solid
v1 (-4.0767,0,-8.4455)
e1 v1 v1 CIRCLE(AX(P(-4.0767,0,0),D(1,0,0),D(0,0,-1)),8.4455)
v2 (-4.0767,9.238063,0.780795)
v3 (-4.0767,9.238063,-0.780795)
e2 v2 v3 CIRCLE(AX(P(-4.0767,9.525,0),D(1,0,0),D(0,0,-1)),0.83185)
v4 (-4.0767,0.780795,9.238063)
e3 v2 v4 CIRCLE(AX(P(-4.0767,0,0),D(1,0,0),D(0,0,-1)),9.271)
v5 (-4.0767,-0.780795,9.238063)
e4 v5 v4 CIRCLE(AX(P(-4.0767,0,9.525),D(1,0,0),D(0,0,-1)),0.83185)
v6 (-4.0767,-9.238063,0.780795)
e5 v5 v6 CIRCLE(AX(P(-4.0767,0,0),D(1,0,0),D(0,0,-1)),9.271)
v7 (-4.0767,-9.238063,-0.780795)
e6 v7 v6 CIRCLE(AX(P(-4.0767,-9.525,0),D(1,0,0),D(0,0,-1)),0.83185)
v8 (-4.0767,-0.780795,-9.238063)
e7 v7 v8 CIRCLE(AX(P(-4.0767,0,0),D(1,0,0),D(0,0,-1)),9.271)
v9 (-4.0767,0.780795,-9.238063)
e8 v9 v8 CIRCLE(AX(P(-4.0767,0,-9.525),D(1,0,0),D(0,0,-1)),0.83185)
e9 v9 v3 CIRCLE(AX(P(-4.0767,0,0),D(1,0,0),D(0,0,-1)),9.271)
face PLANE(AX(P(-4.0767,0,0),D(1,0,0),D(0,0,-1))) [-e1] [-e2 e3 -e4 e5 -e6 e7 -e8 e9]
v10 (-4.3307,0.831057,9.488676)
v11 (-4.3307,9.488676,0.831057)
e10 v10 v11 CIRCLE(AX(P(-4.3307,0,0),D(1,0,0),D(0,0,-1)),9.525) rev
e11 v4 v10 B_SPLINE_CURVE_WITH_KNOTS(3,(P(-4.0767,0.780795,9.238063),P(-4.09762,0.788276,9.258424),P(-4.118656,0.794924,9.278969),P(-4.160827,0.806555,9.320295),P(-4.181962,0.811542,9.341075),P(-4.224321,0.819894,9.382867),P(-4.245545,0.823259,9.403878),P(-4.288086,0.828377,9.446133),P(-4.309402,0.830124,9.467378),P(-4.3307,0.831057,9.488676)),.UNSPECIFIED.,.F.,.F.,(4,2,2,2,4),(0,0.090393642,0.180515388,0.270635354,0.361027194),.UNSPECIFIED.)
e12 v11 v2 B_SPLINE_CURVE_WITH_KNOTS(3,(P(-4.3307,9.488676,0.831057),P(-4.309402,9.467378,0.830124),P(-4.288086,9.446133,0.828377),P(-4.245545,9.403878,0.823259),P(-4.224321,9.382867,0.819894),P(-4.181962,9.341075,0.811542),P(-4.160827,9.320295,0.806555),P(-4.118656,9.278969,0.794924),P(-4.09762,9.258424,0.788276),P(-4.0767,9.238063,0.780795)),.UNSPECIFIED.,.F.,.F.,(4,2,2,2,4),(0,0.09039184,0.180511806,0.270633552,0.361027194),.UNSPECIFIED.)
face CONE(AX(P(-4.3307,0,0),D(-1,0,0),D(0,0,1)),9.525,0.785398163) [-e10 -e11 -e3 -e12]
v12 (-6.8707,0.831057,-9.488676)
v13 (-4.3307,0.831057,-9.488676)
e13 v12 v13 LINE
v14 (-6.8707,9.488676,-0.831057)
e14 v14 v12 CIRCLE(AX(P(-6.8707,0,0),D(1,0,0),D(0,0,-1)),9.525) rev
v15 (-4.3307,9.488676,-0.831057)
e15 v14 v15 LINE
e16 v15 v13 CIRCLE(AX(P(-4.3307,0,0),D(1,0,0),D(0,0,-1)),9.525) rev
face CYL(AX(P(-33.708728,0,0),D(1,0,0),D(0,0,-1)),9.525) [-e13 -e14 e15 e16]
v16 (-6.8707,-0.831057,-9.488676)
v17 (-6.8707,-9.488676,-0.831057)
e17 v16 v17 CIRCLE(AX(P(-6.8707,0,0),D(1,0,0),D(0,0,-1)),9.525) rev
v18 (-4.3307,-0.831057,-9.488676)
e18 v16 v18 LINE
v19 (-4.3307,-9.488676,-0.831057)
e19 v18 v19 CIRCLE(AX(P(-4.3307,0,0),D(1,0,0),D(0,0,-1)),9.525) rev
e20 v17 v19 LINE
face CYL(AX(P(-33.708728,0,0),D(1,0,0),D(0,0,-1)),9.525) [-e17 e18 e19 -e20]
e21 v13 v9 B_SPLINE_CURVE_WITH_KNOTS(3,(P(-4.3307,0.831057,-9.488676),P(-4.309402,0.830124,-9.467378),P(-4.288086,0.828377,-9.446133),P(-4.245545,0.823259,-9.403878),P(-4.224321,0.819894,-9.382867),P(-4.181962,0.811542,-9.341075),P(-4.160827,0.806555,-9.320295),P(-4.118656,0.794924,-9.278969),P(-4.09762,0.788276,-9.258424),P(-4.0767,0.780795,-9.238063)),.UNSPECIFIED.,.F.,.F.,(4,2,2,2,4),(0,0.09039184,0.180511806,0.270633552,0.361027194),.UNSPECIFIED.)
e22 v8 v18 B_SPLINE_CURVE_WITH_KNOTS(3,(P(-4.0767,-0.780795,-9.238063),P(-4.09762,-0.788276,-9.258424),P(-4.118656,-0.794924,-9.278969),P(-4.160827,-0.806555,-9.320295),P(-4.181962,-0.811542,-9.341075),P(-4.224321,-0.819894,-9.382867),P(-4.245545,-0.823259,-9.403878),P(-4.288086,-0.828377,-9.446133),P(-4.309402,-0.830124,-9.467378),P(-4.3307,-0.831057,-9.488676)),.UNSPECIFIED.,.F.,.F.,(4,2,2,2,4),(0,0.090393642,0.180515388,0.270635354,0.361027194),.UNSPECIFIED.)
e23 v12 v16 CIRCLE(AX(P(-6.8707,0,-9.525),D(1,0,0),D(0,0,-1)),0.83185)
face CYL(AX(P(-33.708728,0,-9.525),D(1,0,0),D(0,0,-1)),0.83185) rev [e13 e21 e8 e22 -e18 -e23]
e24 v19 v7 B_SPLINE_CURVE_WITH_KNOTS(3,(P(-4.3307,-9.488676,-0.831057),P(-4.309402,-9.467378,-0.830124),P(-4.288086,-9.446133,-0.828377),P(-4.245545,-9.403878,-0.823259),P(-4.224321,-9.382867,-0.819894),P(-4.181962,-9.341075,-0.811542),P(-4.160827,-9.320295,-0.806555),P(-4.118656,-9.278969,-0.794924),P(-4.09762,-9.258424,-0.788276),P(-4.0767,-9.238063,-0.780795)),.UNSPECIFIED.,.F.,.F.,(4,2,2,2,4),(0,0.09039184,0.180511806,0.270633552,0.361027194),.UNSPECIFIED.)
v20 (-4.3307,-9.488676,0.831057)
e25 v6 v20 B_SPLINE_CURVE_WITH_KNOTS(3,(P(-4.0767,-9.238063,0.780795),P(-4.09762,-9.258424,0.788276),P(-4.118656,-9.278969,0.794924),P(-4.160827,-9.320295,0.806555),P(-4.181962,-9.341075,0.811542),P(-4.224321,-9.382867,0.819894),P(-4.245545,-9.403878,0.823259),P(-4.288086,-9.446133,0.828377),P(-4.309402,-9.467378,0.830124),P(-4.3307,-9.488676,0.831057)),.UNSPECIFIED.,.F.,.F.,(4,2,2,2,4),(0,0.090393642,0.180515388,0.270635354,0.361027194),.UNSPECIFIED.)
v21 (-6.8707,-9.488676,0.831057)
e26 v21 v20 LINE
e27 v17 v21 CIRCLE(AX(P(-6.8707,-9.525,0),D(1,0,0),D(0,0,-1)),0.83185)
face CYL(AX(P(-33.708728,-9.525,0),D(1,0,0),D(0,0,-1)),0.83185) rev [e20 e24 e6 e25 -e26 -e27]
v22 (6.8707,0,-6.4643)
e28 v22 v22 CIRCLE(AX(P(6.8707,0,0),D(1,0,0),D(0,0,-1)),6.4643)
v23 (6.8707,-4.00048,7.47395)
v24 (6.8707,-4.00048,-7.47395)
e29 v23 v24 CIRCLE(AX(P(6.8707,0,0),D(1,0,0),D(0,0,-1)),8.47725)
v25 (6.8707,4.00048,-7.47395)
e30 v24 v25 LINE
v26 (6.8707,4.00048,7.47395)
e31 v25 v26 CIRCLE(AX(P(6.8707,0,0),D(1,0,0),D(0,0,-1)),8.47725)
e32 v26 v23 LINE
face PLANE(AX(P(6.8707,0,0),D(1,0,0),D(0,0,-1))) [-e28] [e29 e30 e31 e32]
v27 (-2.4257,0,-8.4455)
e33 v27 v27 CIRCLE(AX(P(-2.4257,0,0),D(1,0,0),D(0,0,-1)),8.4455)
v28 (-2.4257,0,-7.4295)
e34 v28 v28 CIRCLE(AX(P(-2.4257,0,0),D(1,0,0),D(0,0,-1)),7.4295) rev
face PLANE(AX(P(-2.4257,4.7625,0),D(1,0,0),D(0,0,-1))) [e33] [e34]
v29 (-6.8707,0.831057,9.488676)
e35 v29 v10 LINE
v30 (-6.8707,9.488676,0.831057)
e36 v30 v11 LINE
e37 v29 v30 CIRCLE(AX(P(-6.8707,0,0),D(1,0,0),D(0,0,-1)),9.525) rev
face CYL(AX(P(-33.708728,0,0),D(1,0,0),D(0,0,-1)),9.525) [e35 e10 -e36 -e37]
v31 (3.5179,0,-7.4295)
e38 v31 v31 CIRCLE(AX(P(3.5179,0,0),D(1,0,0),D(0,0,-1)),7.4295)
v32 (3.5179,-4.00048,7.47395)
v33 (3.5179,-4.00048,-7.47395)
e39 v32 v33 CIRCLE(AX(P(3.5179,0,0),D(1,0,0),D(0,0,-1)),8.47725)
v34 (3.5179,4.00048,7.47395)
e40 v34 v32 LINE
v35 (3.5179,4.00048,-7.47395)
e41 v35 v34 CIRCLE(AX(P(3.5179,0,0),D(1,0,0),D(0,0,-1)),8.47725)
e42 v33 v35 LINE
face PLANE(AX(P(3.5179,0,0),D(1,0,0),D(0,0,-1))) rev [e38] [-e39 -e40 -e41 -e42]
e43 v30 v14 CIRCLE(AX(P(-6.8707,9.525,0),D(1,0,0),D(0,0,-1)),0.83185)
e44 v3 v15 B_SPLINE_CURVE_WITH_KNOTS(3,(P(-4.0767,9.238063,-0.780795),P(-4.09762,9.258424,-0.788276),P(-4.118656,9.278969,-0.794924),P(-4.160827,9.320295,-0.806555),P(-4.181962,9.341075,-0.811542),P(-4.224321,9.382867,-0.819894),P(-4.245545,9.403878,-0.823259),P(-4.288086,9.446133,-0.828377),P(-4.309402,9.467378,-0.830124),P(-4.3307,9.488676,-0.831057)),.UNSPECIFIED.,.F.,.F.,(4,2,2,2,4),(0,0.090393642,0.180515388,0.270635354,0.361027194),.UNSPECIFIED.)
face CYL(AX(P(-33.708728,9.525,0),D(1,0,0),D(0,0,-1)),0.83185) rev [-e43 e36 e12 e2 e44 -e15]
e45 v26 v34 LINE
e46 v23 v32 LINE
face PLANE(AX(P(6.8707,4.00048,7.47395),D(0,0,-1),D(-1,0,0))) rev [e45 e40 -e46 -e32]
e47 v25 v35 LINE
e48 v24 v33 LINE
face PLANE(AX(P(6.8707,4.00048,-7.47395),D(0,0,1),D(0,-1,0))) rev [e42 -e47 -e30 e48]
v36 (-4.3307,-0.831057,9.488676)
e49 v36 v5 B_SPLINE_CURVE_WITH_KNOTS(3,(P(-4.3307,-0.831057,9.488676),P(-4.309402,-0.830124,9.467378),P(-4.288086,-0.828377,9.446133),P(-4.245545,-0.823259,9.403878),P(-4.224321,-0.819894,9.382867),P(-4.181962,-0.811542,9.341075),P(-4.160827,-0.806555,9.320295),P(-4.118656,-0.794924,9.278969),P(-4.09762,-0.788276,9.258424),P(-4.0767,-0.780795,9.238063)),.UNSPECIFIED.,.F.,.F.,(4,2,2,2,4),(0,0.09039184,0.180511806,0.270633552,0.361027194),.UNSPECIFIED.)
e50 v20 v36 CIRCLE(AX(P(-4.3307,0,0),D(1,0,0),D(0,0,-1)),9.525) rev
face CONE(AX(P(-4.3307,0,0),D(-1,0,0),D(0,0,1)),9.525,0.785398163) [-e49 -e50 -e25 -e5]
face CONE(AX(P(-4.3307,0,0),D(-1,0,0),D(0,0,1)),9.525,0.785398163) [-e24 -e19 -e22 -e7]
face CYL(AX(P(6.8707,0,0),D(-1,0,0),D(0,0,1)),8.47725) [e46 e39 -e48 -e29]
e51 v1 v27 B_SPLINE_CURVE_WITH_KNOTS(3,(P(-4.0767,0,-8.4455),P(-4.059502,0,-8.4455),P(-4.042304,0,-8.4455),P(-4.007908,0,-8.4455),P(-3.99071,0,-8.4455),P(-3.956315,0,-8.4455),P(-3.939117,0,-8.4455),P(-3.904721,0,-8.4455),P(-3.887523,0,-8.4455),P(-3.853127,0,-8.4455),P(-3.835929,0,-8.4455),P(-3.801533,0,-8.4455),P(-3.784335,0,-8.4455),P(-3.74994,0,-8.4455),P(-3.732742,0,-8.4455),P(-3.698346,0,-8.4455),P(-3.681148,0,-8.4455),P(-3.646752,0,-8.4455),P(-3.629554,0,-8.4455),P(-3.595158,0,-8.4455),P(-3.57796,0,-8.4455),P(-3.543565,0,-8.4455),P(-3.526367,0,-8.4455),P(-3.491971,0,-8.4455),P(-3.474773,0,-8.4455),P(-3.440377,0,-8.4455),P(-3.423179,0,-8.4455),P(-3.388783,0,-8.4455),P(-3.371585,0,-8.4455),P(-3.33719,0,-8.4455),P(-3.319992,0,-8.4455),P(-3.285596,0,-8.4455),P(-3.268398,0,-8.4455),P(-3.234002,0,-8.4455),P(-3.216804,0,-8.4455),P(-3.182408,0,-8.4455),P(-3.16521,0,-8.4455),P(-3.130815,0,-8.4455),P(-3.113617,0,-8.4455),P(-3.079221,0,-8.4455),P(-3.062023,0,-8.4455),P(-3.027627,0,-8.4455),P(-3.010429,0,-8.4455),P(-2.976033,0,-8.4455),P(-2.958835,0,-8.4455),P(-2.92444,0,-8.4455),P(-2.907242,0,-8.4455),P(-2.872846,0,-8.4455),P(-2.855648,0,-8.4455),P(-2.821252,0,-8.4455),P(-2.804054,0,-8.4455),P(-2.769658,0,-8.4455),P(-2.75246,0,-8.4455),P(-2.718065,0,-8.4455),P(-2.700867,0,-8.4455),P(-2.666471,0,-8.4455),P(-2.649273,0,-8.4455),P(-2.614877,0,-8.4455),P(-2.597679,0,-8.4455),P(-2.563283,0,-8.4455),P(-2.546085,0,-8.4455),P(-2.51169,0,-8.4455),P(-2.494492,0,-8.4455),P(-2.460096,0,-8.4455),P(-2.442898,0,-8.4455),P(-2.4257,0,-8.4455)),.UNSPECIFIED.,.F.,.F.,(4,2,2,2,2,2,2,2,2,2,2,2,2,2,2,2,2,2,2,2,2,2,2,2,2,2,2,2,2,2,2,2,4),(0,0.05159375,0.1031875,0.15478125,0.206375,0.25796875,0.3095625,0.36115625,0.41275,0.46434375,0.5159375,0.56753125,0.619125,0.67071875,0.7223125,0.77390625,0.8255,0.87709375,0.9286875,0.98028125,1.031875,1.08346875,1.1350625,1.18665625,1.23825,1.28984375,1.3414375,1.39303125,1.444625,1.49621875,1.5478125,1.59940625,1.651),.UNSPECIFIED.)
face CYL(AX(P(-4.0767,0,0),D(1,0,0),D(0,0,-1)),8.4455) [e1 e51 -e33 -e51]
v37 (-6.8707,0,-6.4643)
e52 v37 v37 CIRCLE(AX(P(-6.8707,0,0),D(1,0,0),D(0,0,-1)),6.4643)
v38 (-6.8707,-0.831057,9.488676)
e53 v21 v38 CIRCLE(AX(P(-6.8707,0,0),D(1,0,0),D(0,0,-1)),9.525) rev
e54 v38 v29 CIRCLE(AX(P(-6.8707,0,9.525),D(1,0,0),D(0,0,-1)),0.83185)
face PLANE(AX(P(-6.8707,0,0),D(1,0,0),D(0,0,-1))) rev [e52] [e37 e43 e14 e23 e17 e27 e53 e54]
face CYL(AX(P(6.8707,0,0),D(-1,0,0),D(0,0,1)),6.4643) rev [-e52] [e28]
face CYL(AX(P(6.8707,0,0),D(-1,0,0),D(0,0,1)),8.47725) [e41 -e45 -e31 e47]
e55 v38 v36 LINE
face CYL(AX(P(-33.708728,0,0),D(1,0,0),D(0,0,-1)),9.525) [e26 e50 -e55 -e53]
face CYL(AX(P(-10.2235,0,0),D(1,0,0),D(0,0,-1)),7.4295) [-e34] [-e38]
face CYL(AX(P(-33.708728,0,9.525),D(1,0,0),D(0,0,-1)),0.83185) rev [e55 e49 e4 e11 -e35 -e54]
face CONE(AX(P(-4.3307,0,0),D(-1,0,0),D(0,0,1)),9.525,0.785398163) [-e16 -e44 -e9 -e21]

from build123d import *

# Parameters (mm, degrees)
SKETCH1_R           = 6.4643
BOSS_EXTRUDE1_DEPTH = 6.8707
SKETCH2_R           = 12.068907195
SKETCH2_R_2         = 7.4295
CUT_EXTRUDE1_DEPTH  = 13.7414
BOSS_EXTRUDE3_START = -4.445
SKETCH3_R           = 6.4643
BOSS_EXTRUDE3_DEPTH = 4.445
SKETCH4_R           = 13.191665885
SKETCH4_R_2         = 8.4455
CUT_EXTRUDE2_DEPTH  = 1.651
CHAMFER1_SIZE       = 0.254


with BuildPart() as part:
    # Sketch1 → Boss-Extrude1 (new, symmetric)
    with BuildSketch(Plane(origin=(0, 0, 0), x_dir=(0, 0, -1), z_dir=(1, 0, 0))):
        with BuildLine():
            Line((-7.47395, 4.000479841), (-7.47395, -4.000479841))
            ThreePointArc((-7.47395, -4.000479841), (0, -8.47725), (7.47395, -4.000479841))
            Line((7.47395, -4.000479841), (7.47395, 4.000479841))
            ThreePointArc((7.47395, 4.000479841), (0, 8.47725), (-7.47395, 4.000479841))
        make_face()
        Circle(SKETCH1_R, mode=Mode.SUBTRACT)
    extrude(amount=BOSS_EXTRUDE1_DEPTH, both=True)

    # Sketch2 → Cut-Extrude1 (cut)
    with BuildSketch(Plane(origin=(3.5179, 0, 0), x_dir=(0, 0, -1), z_dir=(1, 0, 0))):
        Circle(SKETCH2_R)
        Circle(SKETCH2_R_2, mode=Mode.SUBTRACT)
    extrude(amount=-CUT_EXTRUDE1_DEPTH, mode=Mode.SUBTRACT)

    # Sketch3 → Boss-Extrude3 (add)
    with BuildSketch(Plane(origin=(-2.4257, 0, 0), x_dir=(0, 0, -1), z_dir=(1, 0, 0)).offset(BOSS_EXTRUDE3_START)):
        with BuildLine():
            ThreePointArc((-0.831056545, 9.488675883), (-6.735192091, 6.735192091), (-9.488675883, 0.831056545))
            ThreePointArc((-9.488675883, 0.831056545), (-8.69315, 0), (-9.488675883, -0.831056545))
            ThreePointArc((-9.488675883, -0.831056545), (-6.735192091, -6.735192091), (-0.831056545, -9.488675883))
            ThreePointArc((-0.831056545, -9.488675883), (0, -8.69315), (0.831056545, -9.488675883))
            ThreePointArc((0.831056545, -9.488675883), (6.735192091, -6.735192091), (9.488675883, -0.831056545))
            ThreePointArc((9.488675883, -0.831056545), (8.69315, 0), (9.488675883, 0.831056545))
            ThreePointArc((9.488675883, 0.831056545), (6.735192091, 6.735192091), (0.831056545, 9.488675883))
            ThreePointArc((0.831056545, 9.488675883), (0, 8.69315), (-0.831056545, 9.488675883))
        make_face()
        Circle(SKETCH3_R, mode=Mode.SUBTRACT)
    extrude(amount=BOSS_EXTRUDE3_DEPTH)

    # Sketch4 → Cut-Extrude2 (cut)
    with BuildSketch(Plane(origin=(-2.4257, 0, 0), x_dir=(0, 0, -1), z_dir=(1, 0, 0))):
        Circle(SKETCH4_R)
        Circle(SKETCH4_R_2, mode=Mode.SUBTRACT)
    extrude(amount=-CUT_EXTRUDE2_DEPTH, mode=Mode.SUBTRACT)

    # Chamfer1
    chamfer1_edges = [part.edges().sort_by_distance(p)[0] for p in [
        (-4.0767, 6.735192091, -6.735192091),
        (-4.0767, 6.735192091, 6.735192091),
        (-4.0767, -6.735192091, -6.735192091),
        (-4.0767, -6.735192091, 6.735192091),
    ]]
    chamfer(chamfer1_edges, length=CHAMFER1_SIZE)


solid = part.part
